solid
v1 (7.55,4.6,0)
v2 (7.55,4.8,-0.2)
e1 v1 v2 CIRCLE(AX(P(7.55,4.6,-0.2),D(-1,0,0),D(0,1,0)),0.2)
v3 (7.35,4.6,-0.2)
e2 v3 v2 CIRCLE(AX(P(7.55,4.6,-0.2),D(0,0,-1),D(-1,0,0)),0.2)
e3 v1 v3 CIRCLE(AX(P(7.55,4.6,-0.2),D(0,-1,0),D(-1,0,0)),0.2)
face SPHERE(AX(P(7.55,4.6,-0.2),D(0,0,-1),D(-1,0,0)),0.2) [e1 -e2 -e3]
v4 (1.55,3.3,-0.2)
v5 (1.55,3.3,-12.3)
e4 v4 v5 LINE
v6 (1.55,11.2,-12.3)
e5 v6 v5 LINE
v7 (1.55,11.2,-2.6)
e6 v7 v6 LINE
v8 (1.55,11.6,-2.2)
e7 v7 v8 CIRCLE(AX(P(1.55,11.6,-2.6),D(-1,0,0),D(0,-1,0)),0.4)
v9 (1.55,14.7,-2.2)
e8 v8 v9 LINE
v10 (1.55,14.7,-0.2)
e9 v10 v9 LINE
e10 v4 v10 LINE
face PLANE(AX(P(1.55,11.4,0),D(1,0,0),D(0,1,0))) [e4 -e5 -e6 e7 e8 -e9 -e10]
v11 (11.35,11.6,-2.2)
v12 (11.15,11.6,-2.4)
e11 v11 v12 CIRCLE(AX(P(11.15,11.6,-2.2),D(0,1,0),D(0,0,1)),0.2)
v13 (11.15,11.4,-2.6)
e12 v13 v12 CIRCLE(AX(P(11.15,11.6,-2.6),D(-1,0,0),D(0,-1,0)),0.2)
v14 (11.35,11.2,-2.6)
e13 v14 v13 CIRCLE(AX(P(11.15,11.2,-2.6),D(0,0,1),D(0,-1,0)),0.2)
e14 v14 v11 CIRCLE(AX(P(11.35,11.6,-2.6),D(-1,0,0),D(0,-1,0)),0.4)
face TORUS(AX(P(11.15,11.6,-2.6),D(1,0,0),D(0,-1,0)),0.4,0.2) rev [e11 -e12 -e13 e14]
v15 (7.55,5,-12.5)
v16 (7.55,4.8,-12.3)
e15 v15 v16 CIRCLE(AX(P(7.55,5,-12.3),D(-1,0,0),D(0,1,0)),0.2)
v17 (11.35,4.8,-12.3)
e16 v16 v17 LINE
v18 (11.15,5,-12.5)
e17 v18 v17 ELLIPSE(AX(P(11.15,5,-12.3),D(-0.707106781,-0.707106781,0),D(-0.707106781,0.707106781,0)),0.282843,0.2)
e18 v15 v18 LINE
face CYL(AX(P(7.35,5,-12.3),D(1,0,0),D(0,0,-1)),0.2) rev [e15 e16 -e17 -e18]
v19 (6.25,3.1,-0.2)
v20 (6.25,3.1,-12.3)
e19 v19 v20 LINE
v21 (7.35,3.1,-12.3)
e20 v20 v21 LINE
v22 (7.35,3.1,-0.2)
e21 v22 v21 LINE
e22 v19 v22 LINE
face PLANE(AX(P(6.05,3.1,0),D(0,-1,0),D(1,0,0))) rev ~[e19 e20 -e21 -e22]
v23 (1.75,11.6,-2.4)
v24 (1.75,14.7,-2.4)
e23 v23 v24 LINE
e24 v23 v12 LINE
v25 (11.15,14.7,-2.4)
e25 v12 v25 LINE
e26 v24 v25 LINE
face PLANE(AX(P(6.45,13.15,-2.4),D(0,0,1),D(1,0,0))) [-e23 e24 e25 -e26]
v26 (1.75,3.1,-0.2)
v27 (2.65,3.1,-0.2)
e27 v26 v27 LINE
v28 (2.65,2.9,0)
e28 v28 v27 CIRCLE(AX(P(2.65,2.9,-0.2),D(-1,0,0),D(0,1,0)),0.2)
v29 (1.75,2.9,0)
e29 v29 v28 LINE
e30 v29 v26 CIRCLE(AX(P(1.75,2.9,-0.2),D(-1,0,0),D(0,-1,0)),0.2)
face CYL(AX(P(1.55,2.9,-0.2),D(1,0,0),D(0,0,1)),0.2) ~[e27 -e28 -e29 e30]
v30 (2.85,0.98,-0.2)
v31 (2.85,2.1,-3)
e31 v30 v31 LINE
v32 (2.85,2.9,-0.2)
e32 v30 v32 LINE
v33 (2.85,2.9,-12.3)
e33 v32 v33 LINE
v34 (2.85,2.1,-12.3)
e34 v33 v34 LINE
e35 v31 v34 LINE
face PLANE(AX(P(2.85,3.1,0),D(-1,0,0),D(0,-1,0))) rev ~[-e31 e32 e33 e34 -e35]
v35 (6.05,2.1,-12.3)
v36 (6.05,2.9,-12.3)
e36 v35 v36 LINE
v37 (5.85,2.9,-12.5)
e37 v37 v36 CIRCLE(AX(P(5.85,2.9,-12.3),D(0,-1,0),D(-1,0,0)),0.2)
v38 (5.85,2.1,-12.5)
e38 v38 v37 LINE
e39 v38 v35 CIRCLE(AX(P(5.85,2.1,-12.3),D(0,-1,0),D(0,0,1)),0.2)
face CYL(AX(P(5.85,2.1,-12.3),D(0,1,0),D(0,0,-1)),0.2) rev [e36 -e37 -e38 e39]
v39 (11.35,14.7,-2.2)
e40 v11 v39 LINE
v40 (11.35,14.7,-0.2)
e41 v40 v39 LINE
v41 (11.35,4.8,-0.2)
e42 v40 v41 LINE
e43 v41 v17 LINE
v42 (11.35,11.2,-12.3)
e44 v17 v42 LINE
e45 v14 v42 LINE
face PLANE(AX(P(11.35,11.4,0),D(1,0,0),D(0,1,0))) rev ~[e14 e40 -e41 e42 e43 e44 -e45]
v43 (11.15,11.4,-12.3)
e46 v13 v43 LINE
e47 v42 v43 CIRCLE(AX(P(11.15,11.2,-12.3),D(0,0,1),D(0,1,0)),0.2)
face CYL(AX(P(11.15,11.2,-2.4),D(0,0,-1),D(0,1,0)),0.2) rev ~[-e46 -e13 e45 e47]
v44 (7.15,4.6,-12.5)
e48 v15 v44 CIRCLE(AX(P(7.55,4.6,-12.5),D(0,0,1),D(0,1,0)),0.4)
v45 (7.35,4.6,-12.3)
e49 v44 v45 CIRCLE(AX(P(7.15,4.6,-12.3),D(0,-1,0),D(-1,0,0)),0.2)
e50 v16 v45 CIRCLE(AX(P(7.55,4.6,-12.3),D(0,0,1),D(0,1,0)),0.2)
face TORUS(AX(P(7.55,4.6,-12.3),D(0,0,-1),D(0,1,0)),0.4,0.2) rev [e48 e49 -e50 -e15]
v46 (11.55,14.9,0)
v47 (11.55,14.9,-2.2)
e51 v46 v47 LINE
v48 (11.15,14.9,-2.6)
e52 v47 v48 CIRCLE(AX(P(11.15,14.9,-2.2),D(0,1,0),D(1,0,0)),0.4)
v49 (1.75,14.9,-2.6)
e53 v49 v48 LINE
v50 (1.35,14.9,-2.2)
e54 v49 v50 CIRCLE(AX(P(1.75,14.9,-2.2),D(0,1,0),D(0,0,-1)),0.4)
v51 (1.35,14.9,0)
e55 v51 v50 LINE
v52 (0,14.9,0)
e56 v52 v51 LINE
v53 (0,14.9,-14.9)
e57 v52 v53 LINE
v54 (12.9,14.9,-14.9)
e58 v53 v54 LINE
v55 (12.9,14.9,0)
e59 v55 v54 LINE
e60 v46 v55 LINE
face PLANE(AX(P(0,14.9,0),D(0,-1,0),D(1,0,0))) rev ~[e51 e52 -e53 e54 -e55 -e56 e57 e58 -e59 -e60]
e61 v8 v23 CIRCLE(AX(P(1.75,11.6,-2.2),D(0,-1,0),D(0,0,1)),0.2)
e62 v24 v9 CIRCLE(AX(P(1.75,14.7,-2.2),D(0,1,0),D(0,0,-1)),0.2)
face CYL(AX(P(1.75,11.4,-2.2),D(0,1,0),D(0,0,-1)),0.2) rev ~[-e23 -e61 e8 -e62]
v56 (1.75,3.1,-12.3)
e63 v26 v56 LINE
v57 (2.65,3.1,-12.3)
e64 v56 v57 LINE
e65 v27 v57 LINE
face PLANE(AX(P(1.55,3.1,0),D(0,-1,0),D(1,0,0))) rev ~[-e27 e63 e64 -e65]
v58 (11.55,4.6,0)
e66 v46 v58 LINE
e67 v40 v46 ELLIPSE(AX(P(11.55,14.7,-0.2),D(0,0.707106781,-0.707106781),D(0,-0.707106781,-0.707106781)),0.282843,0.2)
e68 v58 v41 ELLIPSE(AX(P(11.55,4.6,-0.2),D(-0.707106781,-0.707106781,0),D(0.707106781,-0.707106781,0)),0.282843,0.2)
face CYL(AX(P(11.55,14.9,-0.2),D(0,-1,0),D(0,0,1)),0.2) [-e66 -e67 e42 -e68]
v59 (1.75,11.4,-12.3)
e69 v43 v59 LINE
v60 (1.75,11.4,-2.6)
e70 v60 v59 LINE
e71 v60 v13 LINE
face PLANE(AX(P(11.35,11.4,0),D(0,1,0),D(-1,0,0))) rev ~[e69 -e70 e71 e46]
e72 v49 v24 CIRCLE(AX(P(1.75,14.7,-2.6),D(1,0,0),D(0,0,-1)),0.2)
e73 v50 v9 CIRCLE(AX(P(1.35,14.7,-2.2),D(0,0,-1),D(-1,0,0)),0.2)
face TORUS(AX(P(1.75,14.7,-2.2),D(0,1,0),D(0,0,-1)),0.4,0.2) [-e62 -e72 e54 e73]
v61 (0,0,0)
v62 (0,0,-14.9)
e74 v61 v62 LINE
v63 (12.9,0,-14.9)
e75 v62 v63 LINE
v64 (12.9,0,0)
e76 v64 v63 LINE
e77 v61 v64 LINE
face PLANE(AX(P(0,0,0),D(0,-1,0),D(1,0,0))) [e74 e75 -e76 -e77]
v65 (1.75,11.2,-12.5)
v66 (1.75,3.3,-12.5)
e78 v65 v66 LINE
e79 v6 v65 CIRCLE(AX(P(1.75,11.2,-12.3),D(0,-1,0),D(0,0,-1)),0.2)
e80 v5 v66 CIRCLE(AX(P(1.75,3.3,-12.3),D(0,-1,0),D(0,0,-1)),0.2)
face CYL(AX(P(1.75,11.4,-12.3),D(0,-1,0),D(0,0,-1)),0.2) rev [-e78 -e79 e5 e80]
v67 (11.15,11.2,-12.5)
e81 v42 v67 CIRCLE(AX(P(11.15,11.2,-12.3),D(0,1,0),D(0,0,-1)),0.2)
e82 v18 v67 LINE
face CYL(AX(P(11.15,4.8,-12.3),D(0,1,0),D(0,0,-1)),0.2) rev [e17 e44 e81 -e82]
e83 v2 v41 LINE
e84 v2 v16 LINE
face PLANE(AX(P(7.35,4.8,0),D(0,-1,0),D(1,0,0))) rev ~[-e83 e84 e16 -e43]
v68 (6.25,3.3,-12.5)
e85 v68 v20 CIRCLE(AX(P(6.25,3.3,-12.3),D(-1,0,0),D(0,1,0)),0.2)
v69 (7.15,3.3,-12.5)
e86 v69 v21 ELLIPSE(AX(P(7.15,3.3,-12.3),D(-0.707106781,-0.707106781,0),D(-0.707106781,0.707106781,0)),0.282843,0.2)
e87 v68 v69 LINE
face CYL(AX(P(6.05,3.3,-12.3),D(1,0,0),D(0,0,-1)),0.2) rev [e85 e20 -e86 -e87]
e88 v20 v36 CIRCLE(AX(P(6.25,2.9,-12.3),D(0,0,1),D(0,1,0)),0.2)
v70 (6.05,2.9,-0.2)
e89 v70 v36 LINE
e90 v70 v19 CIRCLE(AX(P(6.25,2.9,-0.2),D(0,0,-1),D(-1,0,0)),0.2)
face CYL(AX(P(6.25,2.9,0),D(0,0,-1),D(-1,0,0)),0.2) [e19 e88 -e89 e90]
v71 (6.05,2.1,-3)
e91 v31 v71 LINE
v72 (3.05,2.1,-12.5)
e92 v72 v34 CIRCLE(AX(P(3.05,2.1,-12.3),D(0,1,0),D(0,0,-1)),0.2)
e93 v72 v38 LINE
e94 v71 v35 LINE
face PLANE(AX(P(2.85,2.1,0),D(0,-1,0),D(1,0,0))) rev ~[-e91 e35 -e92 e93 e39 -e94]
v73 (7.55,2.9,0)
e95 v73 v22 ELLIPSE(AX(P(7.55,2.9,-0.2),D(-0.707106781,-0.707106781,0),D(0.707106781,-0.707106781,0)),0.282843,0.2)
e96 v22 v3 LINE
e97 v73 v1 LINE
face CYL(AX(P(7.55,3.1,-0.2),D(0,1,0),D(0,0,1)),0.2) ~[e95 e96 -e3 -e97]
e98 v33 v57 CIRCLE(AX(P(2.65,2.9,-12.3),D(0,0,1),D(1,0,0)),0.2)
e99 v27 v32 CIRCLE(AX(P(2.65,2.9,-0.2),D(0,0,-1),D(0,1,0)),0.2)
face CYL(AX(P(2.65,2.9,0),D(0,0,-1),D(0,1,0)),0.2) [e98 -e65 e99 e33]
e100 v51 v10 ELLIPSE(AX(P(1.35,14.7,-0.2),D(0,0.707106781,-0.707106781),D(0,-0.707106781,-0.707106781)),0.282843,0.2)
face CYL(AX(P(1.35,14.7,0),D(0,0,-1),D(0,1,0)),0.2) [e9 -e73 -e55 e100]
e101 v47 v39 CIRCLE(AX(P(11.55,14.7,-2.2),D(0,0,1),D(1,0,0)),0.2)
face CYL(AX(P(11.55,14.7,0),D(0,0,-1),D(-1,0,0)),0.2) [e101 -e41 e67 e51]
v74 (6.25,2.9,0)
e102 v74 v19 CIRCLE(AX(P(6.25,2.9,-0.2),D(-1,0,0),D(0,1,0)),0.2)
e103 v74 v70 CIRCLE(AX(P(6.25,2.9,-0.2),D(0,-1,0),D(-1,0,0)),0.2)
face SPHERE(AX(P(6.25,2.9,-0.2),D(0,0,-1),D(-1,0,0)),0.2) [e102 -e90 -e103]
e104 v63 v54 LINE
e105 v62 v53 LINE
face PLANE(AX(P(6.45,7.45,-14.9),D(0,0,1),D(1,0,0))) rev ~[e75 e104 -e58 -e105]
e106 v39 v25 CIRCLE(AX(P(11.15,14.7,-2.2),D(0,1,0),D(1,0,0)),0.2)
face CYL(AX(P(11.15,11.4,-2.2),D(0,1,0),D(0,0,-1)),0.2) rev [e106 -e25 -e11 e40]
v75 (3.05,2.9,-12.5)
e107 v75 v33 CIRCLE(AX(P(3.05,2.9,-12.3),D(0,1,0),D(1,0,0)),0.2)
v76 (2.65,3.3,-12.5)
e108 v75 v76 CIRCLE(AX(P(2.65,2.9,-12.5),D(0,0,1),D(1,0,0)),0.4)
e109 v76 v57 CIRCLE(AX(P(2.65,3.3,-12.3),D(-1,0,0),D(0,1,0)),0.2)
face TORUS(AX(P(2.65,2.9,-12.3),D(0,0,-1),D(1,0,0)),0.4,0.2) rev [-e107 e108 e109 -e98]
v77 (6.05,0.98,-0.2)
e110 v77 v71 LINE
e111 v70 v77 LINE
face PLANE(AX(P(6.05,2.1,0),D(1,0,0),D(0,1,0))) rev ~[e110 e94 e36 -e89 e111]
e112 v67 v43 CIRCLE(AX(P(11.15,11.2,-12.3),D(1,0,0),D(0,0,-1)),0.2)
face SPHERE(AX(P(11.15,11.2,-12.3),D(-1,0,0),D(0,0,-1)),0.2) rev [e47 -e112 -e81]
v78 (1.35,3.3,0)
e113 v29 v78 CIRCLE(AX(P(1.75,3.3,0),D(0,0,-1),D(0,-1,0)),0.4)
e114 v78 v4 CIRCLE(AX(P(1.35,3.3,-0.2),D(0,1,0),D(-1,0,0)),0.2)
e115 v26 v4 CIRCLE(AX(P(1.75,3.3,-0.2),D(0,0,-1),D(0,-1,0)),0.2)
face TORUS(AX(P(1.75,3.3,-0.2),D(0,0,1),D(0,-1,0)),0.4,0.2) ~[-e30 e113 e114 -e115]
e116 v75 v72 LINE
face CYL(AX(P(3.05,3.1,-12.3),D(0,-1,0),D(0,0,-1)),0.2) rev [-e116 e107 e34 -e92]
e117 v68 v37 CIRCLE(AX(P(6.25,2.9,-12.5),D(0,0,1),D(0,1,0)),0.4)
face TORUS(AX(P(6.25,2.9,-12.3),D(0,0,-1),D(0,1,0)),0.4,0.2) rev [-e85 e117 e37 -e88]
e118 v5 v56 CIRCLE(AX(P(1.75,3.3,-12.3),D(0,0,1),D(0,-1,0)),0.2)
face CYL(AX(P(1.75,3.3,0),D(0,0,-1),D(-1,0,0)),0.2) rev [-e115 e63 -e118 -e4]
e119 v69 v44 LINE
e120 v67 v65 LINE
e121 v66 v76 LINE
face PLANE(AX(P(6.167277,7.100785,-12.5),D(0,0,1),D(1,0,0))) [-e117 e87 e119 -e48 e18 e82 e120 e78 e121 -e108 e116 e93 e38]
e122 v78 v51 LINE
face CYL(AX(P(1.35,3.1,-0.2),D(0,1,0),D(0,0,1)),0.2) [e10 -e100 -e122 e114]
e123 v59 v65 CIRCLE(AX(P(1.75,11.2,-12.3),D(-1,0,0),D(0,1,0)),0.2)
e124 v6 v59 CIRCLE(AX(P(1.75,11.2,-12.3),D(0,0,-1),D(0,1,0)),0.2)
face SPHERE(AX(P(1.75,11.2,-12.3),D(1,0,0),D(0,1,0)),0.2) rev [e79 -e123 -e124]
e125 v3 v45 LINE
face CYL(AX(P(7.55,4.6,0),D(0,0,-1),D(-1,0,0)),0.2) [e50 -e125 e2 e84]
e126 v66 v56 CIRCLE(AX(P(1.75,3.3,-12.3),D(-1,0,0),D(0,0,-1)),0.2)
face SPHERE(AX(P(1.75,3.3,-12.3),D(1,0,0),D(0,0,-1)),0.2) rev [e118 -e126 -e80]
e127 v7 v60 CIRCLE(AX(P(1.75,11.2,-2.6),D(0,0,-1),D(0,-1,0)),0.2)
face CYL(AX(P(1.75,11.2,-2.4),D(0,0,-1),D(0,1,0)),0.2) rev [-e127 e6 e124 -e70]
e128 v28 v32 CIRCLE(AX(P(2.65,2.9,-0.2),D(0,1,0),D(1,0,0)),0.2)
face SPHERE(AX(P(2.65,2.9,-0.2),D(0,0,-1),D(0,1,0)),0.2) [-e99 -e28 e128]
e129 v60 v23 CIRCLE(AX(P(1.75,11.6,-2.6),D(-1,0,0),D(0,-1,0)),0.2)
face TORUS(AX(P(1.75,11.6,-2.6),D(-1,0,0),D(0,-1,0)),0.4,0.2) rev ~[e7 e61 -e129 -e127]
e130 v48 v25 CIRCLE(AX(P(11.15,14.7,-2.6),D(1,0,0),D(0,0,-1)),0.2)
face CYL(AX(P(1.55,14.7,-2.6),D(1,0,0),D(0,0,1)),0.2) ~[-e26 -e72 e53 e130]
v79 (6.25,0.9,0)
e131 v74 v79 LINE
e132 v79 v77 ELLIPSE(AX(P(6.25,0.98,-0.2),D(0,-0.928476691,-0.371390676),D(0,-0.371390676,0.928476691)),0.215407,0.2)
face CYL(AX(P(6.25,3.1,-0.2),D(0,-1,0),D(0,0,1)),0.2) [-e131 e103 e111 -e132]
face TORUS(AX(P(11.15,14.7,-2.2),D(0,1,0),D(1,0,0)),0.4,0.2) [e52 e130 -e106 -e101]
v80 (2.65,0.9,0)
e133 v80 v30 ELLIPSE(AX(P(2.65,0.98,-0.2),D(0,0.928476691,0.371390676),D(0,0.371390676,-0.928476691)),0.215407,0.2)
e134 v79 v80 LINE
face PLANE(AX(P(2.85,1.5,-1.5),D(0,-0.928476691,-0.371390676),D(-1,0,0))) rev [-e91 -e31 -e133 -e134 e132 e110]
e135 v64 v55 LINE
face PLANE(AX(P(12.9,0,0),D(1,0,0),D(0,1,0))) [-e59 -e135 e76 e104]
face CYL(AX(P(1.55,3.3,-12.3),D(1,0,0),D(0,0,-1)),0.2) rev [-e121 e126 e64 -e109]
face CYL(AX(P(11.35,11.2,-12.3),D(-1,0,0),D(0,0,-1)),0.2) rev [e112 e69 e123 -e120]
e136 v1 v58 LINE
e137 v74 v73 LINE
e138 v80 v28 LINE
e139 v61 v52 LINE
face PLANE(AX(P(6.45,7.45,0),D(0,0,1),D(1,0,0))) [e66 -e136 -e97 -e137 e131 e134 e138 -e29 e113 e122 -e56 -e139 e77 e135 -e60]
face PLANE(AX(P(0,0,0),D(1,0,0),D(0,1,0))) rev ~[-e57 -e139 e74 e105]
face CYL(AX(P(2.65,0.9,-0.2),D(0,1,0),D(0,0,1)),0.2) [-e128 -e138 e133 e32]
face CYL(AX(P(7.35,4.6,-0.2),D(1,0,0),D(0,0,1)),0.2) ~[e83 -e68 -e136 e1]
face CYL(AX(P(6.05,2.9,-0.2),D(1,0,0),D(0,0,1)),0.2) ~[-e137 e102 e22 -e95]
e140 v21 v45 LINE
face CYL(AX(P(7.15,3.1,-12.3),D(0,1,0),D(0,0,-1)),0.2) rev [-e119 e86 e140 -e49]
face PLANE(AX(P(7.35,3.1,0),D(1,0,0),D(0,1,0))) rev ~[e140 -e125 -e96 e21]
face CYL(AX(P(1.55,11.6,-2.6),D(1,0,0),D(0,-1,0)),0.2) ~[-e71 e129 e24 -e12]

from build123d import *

# Parameters (mm, degrees)
SKETCH1_W      = 12.9
SKETCH1_H      = 14.9
EXTRUDE1_DEPTH = 14.9
SKETCH2_W      = 9.8
SKETCH2_H      = 3.5
EXTRUDE2_DEPTH = 2.4
EXTRUDE3_DEPTH = 12.5
CHAMFER1_SIZE  = 1.2
CHAMFER1_SIZE2 = 3
FILLET1_R      = 0.2


with BuildPart() as part:
    # Sketch1 → Extrude1 (new body)
    with BuildSketch(Plane.XY):
        with Locations((6.45, 7.45)):
            Rectangle(SKETCH1_W, SKETCH1_H)
    extrude(amount=-EXTRUDE1_DEPTH)

    # Sketch2 → Extrude2 (cut)
    with BuildSketch(Plane.XY):
        with Locations((6.45, 13.15)):
            Rectangle(SKETCH2_W, SKETCH2_H)
    extrude(amount=-EXTRUDE2_DEPTH, mode=Mode.SUBTRACT)

    # Sketch3 → Extrude3 (cut)
    with BuildSketch(Plane.XY):
        Polygon((1.55, 11.4), (1.55, 3.1), (2.85, 3.1), (2.85, 2.1), (6.05, 2.1), (6.05, 3.1), (7.35, 3.1), (7.35, 4.8), (11.35, 4.8), (11.35, 11.4), align=None)
    extrude(amount=-EXTRUDE3_DEPTH, mode=Mode.SUBTRACT)

    # Chamfer1
    chamfer1_edges = [part.edges().sort_by_distance(p)[0] for p in [
        (4.45, 2.1, 0),
    ]]
    chamfer1_side = [part.faces().sort_by_distance(p)[0] for p in [
        (0.775, 14.702916261, 0),
    ]]
    chamfer(chamfer1_edges, length=CHAMFER1_SIZE, length2=CHAMFER1_SIZE2, reference=chamfer1_side[0])

    # Fillet1
    fillet1_edges = [part.edges().sort_by_distance(p)[0] for p in [
        (1.55, 13.15, -2.4),
        (6.45, 14.9, -2.4),
        (1.55, 14.9, -1.2),
        (11.35, 13.15, -2.4),
        (11.35, 14.9, -1.2),
        (6.45, 11.4, -2.4),
        (1.55, 9, 0),
        (11.35, 9.85, 0),
        (6.45, 11.4, -12.5),
        (1.55, 11.4, -7.45),
        (11.35, 8.1, -12.5),
        (11.35, 11.4, -7.45),
        (9.35, 4.8, -12.5),
        (7.35, 3.95, -12.5),
        (7.35, 4.8, -6.25),
        (6.7, 3.1, -12.5),
        (6.05, 2.6, -12.5),
        (6.05, 3.1, -6.25),
        (2.85, 2.6, -12.5),
        (2.2, 3.1, -12.5),
        (2.85, 3.1, -6.25),
        (1.55, 7.25, -12.5),
        (1.55, 3.1, -6.25),
        (2.2, 3.1, 0),
        (2.85, 1.5, 0),
        (6.05, 1.5, 0),
        (6.7, 3.1, 0),
        (7.35, 3.95, 0),
        (9.35, 4.8, 0),
    ]]
    fillet(fillet1_edges, radius=FILLET1_R)


solid = part.part
